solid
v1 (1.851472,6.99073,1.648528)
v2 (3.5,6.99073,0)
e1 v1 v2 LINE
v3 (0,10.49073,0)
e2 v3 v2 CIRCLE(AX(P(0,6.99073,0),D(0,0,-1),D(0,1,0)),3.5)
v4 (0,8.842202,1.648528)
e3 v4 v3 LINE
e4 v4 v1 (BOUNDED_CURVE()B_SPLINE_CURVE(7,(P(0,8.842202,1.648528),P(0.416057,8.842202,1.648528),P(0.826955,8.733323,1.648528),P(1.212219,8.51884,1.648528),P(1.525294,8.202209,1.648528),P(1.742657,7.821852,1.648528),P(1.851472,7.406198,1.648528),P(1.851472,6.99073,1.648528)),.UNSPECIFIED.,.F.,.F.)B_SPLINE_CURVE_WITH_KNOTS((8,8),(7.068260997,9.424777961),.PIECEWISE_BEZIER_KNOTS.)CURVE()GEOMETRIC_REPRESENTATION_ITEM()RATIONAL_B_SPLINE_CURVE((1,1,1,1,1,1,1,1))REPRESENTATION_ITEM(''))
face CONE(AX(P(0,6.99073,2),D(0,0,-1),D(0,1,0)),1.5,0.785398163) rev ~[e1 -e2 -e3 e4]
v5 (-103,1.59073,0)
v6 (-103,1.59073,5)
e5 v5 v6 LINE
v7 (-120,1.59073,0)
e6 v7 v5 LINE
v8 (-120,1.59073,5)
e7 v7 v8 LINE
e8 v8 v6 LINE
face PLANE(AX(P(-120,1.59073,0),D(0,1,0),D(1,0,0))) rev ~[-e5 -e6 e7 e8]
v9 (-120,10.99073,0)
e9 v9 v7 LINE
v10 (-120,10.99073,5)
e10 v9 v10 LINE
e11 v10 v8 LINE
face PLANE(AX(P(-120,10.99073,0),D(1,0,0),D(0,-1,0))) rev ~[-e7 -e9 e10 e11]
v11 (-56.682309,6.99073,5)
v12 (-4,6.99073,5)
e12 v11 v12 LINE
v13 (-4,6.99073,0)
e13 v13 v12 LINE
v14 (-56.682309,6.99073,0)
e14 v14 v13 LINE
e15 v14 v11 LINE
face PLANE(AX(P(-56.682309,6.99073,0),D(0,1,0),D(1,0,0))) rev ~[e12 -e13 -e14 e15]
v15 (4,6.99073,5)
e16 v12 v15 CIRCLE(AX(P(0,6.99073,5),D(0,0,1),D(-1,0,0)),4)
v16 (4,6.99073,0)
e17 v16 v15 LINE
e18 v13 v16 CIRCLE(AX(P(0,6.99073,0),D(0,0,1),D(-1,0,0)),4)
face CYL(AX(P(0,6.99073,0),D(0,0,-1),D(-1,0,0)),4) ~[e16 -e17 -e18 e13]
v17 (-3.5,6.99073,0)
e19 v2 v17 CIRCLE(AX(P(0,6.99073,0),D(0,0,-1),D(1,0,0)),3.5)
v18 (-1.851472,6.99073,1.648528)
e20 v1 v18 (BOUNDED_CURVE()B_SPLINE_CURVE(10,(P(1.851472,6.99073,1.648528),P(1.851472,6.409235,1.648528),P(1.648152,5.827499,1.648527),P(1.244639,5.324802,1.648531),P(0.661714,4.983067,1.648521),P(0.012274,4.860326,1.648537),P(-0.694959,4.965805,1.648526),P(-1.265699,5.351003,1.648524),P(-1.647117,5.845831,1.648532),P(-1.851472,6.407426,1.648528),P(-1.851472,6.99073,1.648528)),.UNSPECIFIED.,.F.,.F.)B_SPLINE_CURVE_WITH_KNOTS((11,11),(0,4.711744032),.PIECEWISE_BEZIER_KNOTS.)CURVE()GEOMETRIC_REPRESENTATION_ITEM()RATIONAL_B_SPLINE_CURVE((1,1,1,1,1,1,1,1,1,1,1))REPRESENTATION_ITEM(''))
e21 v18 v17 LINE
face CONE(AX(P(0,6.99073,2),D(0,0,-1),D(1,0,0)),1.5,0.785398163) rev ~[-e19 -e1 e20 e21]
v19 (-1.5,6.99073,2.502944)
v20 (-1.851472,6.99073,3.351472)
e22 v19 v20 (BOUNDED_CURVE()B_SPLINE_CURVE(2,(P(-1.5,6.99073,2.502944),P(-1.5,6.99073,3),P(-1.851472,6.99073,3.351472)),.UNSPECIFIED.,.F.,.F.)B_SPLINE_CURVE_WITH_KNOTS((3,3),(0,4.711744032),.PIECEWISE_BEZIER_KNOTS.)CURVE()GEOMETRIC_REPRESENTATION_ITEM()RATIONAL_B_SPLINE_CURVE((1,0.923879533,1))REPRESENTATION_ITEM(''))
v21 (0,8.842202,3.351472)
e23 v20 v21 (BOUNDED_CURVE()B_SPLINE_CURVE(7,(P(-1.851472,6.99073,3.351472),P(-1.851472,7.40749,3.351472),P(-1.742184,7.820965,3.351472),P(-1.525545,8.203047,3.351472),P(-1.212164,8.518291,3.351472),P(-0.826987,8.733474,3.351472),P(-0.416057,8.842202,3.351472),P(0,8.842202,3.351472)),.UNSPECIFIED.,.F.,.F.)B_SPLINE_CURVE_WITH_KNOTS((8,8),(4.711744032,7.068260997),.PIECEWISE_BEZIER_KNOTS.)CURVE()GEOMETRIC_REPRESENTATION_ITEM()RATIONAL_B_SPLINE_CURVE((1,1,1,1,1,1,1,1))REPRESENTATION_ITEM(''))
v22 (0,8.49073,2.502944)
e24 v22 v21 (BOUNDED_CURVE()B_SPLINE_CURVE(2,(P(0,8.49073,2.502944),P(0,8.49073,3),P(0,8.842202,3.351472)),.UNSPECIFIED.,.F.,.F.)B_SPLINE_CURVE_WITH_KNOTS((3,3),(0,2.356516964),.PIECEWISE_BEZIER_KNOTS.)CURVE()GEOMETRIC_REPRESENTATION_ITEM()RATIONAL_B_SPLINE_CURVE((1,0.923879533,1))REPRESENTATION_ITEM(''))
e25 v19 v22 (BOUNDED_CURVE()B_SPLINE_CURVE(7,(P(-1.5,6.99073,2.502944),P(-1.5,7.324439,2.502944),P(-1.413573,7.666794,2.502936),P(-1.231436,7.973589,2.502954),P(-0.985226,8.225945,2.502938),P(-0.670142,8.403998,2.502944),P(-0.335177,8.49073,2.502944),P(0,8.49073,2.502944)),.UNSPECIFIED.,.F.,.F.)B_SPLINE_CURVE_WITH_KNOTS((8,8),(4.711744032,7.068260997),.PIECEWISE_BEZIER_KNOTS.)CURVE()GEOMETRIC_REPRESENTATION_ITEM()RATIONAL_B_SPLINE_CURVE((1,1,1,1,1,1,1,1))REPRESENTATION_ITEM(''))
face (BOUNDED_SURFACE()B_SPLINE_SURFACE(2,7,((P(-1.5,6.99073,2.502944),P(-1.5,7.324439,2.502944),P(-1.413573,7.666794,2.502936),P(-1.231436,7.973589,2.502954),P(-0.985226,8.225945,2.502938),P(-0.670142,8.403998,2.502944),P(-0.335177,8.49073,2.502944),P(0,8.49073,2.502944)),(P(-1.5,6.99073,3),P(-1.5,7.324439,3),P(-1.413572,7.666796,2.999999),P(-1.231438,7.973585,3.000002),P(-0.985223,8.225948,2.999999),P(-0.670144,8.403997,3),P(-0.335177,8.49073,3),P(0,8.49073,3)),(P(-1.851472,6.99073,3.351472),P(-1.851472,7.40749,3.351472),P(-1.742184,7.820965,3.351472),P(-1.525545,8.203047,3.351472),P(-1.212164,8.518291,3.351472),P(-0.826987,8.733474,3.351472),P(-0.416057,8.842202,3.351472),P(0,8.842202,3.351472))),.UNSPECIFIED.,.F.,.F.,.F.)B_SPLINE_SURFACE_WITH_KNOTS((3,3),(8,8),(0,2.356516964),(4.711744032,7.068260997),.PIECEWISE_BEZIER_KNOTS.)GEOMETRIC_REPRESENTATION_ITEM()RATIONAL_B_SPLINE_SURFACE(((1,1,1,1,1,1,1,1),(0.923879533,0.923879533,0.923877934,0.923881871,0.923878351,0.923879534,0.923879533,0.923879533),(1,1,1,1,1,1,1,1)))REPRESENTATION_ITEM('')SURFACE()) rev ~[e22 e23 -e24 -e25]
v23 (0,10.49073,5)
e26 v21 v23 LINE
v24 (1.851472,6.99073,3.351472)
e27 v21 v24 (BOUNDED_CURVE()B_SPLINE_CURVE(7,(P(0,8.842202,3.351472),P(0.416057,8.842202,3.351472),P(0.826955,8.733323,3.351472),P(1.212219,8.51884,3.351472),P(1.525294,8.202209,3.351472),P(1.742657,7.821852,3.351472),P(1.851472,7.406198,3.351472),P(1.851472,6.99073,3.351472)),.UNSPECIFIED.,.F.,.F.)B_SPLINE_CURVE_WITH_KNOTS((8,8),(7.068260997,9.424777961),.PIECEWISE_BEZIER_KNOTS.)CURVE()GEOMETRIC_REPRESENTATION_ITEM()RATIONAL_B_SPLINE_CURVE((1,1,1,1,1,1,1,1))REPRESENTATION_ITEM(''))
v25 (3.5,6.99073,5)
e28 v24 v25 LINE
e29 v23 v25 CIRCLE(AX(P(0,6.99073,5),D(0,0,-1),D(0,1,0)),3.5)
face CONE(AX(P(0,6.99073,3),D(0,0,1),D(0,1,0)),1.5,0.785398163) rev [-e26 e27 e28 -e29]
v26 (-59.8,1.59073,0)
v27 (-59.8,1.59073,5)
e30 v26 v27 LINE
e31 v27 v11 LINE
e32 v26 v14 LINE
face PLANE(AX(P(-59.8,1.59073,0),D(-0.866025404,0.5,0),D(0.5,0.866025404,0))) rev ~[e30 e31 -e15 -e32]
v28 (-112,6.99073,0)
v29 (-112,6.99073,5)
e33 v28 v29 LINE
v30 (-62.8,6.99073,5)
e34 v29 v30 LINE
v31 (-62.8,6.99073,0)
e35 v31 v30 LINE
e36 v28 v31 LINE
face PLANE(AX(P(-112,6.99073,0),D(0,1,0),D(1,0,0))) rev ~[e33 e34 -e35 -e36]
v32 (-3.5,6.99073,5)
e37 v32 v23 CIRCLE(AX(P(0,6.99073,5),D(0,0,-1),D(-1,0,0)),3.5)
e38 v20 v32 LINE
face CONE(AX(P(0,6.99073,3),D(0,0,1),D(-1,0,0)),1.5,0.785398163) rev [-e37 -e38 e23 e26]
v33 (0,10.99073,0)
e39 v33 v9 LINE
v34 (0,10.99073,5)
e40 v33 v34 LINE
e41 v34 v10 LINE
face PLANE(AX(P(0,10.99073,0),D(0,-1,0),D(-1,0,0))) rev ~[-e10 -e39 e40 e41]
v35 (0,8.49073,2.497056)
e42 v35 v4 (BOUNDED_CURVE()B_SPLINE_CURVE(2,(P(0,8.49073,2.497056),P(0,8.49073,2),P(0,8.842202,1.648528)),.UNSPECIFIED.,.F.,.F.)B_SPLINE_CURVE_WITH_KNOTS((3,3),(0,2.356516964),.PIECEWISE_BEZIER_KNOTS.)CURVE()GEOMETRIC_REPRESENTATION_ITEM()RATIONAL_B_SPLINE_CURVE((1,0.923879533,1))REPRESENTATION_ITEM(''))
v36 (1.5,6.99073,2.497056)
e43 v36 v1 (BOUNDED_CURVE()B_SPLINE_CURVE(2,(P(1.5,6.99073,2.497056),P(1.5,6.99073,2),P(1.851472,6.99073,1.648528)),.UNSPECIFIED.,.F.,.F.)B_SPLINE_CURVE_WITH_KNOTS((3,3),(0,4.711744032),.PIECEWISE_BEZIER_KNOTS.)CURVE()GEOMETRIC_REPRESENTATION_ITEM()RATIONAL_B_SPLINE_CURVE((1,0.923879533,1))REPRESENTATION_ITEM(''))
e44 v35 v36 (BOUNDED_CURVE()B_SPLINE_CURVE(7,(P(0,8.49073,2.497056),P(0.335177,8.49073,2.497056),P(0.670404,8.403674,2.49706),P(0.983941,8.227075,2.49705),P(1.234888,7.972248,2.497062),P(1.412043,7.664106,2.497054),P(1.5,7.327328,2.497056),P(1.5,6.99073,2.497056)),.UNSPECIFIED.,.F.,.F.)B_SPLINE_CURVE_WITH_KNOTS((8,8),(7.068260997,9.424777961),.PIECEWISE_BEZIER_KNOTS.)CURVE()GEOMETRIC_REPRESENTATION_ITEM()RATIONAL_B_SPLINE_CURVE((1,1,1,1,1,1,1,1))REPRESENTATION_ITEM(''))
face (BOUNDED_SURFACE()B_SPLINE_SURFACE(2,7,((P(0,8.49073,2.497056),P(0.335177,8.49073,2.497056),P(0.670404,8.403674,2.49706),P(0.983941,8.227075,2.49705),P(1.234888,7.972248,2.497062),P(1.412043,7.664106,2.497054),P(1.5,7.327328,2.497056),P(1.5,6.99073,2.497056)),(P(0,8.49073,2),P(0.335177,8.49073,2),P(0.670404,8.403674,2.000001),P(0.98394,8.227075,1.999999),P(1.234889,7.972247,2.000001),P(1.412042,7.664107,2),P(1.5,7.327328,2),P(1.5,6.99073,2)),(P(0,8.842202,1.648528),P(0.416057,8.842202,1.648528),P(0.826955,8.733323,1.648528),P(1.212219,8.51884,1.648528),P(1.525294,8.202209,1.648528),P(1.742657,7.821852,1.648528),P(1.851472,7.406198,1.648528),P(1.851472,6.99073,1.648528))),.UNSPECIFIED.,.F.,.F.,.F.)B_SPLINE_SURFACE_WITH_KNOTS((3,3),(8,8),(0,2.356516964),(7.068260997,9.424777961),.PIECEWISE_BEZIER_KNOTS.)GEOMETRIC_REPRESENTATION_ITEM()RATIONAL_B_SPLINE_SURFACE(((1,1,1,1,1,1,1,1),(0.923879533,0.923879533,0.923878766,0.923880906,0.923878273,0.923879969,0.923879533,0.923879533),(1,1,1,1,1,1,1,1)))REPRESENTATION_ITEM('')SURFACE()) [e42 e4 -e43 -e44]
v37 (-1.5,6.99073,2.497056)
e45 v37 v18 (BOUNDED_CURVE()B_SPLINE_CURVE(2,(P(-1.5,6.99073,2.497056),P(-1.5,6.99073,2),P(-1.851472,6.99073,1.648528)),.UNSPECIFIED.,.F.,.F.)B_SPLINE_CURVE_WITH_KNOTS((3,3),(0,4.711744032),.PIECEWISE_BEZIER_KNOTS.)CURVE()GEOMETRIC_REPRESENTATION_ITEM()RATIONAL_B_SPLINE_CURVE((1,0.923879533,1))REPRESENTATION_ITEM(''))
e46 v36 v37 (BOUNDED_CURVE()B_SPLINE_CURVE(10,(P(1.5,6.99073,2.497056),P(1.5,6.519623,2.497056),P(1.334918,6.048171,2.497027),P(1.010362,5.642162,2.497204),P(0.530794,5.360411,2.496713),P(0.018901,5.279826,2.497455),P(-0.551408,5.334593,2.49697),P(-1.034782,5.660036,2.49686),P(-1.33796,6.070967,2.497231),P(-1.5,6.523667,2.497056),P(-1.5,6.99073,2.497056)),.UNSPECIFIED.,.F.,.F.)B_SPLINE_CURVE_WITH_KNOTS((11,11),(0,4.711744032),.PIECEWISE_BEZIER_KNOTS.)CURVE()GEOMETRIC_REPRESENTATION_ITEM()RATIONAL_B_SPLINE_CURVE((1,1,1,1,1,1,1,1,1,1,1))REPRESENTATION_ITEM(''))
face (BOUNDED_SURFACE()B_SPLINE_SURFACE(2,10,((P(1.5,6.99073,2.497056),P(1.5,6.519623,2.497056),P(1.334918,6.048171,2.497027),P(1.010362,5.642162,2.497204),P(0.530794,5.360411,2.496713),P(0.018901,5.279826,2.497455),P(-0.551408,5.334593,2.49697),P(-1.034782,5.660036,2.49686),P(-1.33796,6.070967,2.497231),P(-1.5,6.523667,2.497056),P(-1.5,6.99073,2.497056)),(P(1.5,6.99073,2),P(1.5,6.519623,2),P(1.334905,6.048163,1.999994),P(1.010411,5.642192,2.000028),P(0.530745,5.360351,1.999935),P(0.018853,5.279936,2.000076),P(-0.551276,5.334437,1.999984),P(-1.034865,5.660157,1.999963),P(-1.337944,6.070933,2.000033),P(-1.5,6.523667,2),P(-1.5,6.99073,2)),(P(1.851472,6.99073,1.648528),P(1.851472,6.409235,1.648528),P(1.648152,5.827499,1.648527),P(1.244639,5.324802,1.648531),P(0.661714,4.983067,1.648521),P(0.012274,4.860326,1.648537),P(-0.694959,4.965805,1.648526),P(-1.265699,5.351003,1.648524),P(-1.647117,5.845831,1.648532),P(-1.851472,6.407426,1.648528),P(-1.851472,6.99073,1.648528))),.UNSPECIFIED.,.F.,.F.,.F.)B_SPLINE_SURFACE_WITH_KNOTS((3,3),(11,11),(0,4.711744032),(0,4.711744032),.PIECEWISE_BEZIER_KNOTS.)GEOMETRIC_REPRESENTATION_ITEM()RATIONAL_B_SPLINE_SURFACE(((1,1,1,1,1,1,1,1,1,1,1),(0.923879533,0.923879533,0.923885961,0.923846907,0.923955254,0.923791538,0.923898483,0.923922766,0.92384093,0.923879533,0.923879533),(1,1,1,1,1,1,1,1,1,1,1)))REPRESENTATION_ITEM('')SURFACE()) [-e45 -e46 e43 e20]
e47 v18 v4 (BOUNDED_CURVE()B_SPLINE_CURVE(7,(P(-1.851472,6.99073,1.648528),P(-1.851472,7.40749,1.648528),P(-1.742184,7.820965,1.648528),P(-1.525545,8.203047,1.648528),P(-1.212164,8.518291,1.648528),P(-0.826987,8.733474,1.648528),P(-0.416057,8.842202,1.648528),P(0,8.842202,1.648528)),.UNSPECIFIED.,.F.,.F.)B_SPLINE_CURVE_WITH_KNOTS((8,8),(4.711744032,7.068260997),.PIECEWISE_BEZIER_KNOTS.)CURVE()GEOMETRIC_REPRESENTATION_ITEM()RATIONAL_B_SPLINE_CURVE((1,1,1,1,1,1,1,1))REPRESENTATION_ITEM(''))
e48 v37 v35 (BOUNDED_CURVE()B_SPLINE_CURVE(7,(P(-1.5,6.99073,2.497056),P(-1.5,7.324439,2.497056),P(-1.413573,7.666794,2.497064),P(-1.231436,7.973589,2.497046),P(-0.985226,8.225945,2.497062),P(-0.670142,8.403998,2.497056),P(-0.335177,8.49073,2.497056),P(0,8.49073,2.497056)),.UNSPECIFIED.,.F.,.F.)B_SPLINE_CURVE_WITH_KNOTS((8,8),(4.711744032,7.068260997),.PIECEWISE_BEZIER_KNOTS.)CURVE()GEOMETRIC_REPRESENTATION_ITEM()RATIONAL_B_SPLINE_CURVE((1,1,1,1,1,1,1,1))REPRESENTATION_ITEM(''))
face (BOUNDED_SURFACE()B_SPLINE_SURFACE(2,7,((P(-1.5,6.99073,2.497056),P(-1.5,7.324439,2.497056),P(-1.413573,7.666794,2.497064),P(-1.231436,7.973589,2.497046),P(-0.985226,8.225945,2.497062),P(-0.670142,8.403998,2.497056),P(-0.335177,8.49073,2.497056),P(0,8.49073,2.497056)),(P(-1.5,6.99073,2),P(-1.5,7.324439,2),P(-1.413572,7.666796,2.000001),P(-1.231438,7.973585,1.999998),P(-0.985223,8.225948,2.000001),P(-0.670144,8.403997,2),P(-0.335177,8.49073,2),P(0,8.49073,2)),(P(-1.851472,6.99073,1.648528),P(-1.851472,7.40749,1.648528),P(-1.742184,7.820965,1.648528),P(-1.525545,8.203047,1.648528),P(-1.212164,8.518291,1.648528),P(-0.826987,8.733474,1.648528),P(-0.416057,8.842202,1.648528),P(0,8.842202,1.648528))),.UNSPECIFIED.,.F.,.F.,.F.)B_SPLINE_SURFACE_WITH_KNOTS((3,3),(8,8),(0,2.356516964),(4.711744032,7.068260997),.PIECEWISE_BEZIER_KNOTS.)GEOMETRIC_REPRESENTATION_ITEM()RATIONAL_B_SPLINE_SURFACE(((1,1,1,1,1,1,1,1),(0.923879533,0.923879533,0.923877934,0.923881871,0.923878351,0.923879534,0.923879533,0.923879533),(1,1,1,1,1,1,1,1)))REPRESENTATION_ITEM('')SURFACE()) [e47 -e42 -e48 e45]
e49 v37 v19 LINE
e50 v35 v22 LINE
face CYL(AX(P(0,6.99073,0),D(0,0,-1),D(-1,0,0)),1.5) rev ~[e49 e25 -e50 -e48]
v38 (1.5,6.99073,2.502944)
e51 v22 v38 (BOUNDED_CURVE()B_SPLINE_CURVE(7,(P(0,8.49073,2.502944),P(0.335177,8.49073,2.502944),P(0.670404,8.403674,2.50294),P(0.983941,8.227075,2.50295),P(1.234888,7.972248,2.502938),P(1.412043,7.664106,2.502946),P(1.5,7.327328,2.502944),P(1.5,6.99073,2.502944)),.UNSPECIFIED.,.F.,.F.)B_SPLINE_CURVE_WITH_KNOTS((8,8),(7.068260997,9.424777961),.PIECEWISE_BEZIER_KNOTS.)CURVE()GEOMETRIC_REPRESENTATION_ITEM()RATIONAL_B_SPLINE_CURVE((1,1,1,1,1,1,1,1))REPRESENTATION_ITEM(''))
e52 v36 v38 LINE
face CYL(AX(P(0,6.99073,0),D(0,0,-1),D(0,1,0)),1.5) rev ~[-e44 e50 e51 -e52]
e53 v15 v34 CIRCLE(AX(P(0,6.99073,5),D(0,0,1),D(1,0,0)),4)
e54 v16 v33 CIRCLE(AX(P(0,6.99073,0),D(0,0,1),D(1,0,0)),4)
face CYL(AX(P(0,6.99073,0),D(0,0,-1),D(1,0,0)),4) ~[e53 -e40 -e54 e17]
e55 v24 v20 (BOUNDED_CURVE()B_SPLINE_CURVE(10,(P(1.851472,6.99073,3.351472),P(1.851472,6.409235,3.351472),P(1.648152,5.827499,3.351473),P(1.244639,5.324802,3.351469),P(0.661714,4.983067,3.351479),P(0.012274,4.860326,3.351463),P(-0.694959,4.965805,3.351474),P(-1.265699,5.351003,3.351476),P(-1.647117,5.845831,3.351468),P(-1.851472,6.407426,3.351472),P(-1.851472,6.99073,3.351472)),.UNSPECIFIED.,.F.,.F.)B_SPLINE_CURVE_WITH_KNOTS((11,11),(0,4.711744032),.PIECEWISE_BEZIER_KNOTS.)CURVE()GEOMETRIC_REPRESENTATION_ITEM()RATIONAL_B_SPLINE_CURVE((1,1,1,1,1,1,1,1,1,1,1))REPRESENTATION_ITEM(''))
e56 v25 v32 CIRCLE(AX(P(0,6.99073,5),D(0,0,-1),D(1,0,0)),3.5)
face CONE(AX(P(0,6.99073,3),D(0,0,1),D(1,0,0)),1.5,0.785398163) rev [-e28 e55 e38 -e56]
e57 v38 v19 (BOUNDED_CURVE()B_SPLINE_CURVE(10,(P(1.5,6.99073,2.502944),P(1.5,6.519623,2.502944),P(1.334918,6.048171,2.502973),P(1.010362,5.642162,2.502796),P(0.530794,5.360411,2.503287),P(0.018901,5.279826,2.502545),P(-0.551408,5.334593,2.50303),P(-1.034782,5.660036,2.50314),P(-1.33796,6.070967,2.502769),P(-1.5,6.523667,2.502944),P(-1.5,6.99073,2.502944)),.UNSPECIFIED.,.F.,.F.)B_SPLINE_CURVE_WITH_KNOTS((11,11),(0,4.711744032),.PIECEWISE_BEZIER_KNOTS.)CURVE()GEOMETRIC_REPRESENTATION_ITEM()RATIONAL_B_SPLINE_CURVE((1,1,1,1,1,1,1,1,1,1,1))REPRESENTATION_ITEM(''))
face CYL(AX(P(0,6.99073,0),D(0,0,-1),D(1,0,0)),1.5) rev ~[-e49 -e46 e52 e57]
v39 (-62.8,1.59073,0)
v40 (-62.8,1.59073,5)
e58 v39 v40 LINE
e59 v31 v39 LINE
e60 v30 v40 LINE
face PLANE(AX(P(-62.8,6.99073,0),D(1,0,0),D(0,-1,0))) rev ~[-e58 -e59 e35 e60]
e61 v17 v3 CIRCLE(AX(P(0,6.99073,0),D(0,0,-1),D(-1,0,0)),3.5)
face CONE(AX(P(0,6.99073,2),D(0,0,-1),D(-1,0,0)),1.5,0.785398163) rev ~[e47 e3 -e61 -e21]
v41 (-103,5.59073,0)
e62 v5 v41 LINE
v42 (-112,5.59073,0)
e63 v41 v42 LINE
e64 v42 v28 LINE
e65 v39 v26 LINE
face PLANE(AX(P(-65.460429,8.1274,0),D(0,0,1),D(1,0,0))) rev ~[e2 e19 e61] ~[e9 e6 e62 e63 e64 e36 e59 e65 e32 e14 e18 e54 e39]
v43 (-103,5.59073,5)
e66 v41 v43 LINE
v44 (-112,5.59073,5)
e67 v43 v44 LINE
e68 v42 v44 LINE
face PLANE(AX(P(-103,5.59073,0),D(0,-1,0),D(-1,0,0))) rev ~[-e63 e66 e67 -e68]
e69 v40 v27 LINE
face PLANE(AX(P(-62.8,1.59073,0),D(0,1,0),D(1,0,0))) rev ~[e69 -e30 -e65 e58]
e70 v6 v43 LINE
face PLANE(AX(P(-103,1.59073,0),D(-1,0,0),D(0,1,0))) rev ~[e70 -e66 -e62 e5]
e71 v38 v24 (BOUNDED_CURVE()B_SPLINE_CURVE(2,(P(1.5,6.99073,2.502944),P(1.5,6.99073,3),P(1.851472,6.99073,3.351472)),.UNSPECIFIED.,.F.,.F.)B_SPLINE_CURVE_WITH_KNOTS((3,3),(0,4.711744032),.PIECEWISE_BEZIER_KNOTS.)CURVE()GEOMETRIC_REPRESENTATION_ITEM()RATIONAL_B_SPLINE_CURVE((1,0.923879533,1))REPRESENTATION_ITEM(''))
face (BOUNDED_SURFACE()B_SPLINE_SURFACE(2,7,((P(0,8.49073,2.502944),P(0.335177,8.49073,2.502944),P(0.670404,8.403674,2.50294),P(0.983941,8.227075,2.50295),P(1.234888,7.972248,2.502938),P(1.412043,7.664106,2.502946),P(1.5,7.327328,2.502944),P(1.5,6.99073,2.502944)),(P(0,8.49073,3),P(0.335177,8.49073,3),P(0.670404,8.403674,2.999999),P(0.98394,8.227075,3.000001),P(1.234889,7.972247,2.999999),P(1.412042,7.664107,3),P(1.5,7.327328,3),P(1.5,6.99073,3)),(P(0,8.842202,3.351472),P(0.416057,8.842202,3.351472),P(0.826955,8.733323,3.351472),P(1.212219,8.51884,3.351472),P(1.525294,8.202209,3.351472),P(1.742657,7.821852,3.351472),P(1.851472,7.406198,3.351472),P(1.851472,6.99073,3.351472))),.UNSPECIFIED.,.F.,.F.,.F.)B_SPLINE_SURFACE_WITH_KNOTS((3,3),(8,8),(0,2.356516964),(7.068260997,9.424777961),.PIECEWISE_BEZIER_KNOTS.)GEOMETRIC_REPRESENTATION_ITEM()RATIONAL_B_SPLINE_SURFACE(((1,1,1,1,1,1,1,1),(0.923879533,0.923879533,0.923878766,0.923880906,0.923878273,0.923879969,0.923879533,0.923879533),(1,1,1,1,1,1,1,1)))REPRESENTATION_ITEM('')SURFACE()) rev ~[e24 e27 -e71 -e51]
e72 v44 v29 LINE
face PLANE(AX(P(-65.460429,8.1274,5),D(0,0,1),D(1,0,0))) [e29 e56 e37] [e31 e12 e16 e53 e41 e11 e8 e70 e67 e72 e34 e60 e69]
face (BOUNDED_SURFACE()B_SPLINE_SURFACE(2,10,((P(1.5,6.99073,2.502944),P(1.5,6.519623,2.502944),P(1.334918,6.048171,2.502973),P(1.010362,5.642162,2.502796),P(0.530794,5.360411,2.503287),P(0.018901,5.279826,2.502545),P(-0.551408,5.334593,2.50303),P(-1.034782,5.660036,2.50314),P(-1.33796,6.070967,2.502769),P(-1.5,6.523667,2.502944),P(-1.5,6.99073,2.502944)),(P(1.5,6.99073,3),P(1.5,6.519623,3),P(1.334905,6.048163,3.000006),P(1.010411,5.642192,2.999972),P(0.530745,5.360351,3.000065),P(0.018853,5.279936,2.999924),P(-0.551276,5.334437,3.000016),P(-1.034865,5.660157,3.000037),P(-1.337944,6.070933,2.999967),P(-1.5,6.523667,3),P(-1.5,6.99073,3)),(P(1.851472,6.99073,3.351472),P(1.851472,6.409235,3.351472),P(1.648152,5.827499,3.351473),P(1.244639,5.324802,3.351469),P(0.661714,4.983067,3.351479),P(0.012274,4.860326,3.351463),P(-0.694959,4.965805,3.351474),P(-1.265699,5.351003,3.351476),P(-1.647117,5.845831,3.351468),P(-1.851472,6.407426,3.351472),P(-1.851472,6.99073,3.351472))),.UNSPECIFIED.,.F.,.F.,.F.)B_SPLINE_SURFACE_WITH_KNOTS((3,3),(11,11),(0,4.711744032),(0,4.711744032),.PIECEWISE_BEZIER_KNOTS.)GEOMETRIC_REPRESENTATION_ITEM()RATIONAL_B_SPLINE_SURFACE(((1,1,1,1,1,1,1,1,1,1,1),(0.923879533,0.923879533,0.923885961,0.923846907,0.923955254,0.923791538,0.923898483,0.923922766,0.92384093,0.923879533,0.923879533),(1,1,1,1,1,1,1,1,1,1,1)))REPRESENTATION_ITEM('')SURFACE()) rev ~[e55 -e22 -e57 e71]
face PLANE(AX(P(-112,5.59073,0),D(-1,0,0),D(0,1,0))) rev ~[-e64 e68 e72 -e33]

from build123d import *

# Parameters (mm, degrees)
F1_DEPTH = 5
F2_SIZE  = 2
F3_R     = 1.2


with BuildPart() as f1:
    # F0 (on Top) → F1 (new body)
    with BuildSketch(Plane.XY):
        with BuildLine():
            Line((-120, 1.5907304411), (-103, 1.5907304411))
            Line((-103, 1.5907304411), (-103, 5.5907304411))
            Line((-103, 5.5907304411), (-112, 5.5907304411))
            Line((-112, 5.5907304411), (-112, 6.9907304411))
            Line((-112, 6.9907304411), (-62.8, 6.9907304411))
            Line((-62.8, 6.9907304411), (-62.8, 1.5907304411))
            Line((-62.8, 1.5907304411), (-59.8, 1.5907304411))
            Line((-59.8, 1.5907304411), (-56.6823085464, 6.9907304411))
            Line((-56.6823085464, 6.9907304411), (-4, 6.9907304411))
            ThreePointArc((-4, 6.9907304411), (-2.8284271247, 9.8191575658), (0, 10.9907304411))
            Line((0, 10.9907304411), (-120, 10.9907304411))
            Line((-120, 10.9907304411), (-120, 1.5907304411))
        make_face()
        with BuildLine():
            ThreePointArc((4, 6.9907304411), (2.8284271247, 9.8191575658), (0, 10.9907304411))
            Line((0, 10.9907304411), (0, 8.4907304411))
            ThreePointArc((0, 8.4907304411), (1.0606601718, 8.0513906128), (1.5, 6.9907304411))
            ThreePointArc((1.5, 6.9907304411), (0, 5.4907304411), (-1.5, 6.9907304411))
            Line((-1.5, 6.9907304411), (-4, 6.9907304411))
            ThreePointArc((-4, 6.9907304411), (0, 2.9907304411), (4, 6.9907304411))
        make_face()
        with BuildLine():
            Line((0, 8.4907304411), (0, 10.9907304411))
            ThreePointArc((0, 10.9907304411), (-2.8284271247, 9.8191575658), (-4, 6.9907304411))
            Line((-4, 6.9907304411), (-1.5, 6.9907304411))
            ThreePointArc((-1.5, 6.9907304411), (-1.0606601718, 8.0513906128), (0, 8.4907304411))
        make_face()
    extrude(amount=F1_DEPTH)

    # F2
    f2_edges = [f1.edges().sort_by_distance(p)[0] for p in [
        (0, 5.49073, 5),
        (0, 5.49073, 0),
    ]]
    chamfer(f2_edges, length=F2_SIZE)

    # F3
    f3_edges = [f1.edges().sort_by_distance(p)[0] for p in [
        (0, 8.49073, 2.5),
        (0, 5.49073, 2),
        (0, 5.49073, 3),
    ]]
    fillet(f3_edges, radius=F3_R)


solid = f1.part
